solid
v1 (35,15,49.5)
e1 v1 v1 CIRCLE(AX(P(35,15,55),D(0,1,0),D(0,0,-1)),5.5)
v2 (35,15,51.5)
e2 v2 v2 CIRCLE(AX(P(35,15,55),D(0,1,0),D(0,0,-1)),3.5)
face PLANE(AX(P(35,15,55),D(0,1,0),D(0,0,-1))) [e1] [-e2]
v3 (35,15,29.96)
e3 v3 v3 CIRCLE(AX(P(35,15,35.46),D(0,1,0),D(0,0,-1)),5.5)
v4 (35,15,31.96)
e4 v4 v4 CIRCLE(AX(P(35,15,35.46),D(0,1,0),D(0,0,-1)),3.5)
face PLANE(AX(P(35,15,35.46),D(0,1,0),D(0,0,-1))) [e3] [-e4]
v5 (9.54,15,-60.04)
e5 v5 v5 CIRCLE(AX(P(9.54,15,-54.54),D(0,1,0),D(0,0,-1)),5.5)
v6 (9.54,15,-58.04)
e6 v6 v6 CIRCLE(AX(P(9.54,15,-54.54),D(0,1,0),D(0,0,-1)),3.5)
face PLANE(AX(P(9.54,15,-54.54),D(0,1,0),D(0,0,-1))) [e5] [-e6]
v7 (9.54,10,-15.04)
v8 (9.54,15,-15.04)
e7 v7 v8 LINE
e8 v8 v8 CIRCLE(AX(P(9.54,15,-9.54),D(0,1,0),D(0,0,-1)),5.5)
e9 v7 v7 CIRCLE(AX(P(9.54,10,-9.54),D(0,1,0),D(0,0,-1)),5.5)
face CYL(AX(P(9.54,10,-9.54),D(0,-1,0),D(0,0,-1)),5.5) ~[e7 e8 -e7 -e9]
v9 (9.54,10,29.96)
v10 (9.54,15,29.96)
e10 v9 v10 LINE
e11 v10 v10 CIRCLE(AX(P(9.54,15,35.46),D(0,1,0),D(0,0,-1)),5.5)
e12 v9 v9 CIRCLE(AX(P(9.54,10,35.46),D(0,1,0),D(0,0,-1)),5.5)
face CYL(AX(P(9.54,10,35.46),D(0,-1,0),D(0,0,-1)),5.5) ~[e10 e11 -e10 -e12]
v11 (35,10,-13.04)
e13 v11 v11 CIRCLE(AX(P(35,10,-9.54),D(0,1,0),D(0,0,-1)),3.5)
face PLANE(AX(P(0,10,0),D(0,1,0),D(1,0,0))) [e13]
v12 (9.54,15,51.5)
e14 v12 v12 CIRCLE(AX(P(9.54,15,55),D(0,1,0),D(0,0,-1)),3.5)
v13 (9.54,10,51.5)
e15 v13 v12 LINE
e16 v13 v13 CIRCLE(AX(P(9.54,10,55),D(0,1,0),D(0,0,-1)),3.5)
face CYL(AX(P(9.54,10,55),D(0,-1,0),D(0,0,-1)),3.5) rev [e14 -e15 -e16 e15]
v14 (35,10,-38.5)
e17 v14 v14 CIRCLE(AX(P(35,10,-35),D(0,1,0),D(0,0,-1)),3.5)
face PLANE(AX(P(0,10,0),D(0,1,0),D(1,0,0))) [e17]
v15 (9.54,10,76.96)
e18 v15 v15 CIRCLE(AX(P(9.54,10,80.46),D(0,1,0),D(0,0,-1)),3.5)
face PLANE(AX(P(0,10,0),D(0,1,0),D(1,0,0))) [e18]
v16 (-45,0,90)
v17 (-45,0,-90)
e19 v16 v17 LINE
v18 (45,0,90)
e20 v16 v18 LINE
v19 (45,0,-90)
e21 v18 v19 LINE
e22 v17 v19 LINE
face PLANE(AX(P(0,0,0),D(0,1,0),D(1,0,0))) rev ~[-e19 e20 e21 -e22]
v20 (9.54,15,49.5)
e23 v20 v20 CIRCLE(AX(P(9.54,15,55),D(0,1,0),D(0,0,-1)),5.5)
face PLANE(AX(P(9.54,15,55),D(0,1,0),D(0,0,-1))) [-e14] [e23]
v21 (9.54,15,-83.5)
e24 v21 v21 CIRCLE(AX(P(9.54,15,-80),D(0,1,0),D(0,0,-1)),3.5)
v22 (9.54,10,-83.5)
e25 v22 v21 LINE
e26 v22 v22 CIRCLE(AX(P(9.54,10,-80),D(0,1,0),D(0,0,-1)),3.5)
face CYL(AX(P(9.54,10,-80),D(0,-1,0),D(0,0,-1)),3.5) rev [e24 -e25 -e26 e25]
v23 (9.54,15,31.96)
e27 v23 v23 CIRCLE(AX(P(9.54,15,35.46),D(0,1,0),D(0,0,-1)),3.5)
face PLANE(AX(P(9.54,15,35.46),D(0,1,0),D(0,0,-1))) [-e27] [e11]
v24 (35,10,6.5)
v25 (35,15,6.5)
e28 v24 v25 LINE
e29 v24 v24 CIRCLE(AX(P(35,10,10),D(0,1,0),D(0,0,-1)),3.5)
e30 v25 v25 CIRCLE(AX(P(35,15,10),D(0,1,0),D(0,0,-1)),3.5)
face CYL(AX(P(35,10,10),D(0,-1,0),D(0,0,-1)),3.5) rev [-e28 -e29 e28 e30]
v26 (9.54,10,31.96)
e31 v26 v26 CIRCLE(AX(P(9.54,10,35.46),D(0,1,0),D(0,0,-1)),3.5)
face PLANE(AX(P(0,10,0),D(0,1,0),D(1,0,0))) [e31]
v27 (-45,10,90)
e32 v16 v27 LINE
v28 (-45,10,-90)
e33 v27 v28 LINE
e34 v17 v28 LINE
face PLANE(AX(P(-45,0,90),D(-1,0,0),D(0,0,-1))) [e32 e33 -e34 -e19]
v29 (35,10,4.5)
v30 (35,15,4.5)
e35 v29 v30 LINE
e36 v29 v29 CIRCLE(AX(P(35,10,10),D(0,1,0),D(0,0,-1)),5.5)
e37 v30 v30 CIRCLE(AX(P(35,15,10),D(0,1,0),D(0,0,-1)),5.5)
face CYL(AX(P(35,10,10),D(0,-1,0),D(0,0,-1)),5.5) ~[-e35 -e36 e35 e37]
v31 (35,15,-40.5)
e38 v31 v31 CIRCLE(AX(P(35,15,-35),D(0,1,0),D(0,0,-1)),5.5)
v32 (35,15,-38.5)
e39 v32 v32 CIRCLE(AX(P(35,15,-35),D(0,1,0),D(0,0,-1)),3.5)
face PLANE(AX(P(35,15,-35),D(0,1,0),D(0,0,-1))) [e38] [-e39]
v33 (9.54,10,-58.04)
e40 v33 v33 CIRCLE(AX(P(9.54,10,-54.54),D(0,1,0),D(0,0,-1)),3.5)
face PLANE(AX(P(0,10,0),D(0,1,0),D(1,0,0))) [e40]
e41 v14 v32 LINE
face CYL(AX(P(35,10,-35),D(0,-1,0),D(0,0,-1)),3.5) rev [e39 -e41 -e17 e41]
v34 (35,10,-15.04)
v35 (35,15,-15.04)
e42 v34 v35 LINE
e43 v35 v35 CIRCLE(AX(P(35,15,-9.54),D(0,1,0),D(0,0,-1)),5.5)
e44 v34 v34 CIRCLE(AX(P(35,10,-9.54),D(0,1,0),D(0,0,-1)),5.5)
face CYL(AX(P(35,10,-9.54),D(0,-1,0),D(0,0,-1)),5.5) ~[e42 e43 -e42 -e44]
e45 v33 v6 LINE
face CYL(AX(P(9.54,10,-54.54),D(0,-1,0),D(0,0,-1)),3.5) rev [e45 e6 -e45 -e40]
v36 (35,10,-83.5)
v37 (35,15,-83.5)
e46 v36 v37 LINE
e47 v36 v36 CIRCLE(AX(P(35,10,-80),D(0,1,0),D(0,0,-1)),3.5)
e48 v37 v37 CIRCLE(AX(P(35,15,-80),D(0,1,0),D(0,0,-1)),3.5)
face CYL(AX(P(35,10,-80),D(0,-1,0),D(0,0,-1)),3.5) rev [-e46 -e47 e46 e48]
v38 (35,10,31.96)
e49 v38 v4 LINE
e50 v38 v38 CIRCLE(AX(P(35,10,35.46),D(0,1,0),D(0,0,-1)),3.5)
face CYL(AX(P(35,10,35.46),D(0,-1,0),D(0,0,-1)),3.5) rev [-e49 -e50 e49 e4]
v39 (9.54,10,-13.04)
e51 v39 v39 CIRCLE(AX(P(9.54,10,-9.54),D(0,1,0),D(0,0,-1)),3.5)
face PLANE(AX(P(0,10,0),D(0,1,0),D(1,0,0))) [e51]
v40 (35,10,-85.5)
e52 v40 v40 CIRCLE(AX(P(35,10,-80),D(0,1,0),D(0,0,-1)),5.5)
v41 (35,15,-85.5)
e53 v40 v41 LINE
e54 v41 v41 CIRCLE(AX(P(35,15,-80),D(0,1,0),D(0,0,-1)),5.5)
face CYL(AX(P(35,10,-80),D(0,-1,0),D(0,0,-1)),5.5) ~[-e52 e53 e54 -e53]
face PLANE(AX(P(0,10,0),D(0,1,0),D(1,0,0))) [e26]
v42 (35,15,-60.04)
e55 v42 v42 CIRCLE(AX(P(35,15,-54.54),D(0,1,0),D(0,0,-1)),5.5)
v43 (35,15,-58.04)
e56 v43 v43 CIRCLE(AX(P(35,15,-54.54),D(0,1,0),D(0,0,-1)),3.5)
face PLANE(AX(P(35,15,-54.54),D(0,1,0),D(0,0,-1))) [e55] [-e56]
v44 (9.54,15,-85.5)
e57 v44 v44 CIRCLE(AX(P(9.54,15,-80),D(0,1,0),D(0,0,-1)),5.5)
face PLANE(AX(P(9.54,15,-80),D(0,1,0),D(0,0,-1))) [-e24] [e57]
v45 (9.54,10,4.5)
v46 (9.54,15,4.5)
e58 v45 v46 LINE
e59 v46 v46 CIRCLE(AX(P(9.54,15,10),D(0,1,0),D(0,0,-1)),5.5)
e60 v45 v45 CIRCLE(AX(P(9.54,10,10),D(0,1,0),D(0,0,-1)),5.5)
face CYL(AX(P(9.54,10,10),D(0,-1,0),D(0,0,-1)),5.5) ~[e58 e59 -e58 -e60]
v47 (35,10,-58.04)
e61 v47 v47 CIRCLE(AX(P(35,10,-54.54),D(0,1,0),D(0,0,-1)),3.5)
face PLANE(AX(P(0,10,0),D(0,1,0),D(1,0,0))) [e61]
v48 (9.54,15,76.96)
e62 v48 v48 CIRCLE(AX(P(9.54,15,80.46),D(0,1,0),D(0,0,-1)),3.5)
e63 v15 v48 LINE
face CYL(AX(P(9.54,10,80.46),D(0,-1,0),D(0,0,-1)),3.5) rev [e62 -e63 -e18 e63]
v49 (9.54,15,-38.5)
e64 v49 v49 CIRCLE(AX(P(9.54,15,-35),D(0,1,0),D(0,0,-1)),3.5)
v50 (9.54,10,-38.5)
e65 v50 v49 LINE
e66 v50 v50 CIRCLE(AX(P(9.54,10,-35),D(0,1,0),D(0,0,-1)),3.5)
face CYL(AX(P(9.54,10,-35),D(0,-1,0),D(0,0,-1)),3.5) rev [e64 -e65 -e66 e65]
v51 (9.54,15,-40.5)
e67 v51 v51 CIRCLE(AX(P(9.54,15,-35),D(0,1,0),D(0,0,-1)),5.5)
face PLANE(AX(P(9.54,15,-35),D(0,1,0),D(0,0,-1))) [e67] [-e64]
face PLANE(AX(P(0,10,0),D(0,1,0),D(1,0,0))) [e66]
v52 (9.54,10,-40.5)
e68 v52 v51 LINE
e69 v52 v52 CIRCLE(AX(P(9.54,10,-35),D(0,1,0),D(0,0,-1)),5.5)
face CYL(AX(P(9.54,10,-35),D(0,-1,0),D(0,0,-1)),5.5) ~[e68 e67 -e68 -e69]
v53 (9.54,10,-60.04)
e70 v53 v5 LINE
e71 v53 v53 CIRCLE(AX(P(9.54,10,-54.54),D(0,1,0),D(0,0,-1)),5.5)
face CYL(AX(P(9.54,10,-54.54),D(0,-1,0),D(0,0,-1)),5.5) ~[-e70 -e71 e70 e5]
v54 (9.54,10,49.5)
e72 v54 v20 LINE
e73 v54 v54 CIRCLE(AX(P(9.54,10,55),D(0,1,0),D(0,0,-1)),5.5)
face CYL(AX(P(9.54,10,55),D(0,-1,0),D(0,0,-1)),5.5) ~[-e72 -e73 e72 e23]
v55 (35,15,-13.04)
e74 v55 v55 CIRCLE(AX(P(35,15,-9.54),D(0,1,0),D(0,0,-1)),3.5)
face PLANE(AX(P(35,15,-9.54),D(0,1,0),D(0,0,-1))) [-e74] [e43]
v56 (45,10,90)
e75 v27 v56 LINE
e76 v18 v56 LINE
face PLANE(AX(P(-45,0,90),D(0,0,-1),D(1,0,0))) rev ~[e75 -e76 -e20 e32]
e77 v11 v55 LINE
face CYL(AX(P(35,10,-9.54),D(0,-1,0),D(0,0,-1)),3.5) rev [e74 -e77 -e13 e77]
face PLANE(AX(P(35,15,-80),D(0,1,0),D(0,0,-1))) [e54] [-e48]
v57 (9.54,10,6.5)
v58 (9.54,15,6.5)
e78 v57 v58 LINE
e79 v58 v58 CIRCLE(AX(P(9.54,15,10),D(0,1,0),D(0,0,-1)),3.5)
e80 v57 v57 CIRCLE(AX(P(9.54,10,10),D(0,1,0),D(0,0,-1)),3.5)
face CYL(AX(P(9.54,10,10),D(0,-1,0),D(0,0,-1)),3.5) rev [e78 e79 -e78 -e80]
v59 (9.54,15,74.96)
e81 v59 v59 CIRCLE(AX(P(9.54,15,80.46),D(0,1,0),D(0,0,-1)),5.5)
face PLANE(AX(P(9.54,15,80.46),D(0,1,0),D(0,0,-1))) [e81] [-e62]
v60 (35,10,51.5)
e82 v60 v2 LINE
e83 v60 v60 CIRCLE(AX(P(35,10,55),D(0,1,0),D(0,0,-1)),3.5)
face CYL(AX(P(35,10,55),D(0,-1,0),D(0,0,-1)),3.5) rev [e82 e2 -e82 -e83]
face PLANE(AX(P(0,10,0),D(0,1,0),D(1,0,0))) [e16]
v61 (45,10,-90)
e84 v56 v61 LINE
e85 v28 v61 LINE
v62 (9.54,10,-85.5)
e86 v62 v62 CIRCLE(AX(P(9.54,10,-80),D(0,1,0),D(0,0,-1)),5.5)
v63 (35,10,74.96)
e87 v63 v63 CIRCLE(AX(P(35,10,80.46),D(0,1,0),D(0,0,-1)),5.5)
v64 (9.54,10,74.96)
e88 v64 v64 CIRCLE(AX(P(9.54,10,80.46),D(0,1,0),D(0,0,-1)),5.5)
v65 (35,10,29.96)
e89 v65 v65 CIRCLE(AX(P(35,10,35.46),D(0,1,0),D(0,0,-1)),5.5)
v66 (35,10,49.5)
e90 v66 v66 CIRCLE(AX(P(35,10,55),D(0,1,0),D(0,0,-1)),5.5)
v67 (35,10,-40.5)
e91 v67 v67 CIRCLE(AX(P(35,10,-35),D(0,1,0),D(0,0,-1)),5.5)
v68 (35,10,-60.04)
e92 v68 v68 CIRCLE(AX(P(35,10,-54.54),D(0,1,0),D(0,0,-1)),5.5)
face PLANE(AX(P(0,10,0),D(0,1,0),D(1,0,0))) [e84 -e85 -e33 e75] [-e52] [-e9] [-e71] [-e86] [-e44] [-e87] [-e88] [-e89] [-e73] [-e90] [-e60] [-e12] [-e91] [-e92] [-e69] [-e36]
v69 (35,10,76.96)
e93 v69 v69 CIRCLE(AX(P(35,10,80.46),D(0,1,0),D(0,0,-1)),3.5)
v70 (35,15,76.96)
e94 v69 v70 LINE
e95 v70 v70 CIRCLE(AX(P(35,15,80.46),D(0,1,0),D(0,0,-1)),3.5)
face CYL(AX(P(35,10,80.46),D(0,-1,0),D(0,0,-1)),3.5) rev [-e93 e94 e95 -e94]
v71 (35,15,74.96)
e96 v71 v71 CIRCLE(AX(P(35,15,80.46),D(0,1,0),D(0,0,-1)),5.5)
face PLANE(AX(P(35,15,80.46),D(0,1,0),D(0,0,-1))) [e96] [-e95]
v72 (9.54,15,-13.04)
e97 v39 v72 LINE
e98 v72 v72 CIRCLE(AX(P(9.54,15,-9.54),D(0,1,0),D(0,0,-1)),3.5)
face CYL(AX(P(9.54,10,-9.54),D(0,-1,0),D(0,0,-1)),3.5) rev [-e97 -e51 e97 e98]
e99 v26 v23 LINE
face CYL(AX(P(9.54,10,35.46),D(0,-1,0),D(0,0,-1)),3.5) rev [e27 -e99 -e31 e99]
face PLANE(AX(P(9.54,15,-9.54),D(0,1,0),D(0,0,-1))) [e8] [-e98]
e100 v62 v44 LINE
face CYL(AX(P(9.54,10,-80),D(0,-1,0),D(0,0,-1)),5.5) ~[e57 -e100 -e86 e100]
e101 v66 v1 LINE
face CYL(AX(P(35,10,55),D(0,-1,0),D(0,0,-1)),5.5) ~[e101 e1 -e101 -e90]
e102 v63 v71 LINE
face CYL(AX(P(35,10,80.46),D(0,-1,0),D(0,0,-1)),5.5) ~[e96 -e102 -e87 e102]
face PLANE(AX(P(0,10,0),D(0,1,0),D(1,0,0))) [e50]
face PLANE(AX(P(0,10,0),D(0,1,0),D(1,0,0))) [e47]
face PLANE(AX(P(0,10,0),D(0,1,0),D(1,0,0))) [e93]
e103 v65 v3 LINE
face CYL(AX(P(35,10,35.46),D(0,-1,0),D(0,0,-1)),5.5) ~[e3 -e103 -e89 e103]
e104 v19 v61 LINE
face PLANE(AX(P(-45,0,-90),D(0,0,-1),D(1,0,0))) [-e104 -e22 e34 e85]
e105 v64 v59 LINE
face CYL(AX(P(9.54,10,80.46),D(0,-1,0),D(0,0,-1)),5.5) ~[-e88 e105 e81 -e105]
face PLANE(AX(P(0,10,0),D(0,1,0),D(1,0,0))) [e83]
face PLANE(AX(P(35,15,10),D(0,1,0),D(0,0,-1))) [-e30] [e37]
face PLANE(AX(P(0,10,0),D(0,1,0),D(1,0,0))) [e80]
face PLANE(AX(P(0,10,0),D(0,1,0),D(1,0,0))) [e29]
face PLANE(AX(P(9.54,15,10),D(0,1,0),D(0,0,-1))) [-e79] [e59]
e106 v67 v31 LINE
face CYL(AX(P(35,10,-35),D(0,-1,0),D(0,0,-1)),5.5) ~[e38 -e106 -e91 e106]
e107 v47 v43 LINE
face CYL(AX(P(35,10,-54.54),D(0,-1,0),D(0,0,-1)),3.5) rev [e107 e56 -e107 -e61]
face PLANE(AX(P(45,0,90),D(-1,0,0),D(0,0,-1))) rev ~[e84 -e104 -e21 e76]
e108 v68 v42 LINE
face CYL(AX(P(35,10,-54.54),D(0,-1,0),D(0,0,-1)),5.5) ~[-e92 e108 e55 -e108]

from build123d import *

# Parameters (mm, degrees)
SKETCH2_W           = 90
SKETCH2_H           = 180
BOSS_EXTRUDE1_DEPTH = 10
BOSS_EXTRUDE2_START = 10
SKETCH2_3_R         = 5.5
SKETCH2_3_R_2       = 3.5
BOSS_EXTRUDE2_DEPTH = 5


with BuildPart() as part:
    # Sketch2 → Boss-Extrude1 (new body)
    with BuildSketch(Plane(origin=(0, 0, 0), x_dir=(1, 0, 0), z_dir=(0, 1, 0))):
        Rectangle(SKETCH2_W, SKETCH2_H)
    extrude(amount=BOSS_EXTRUDE1_DEPTH)

    # Sketch2<3> → Boss-Extrude2 (add)
    # profile 1 of 16: a face of its own
    with BuildSketch(Plane(origin=(0, 0, 0), x_dir=(1, 0, 0), z_dir=(0, 1, 0)).offset(BOSS_EXTRUDE2_START)):
        with Locations(Location((9.54, -80.46, 0), (0, 0, 90))):
            Circle(SKETCH2_3_R)
        with Locations(Location((9.54, -80.46, 0), (0, 0, 90))):
            Circle(SKETCH2_3_R_2, mode=Mode.SUBTRACT)
    # profile 2 of 16: a face of its own
    with BuildSketch(Plane(origin=(0, 0, 0), x_dir=(1, 0, 0), z_dir=(0, 1, 0)).offset(BOSS_EXTRUDE2_START)):
        with Locations(Location((35, -80.46, 0), (0, 0, 90))):
            Circle(SKETCH2_3_R)
        with Locations(Location((35, -80.46, 0), (0, 0, 90))):
            Circle(SKETCH2_3_R_2, mode=Mode.SUBTRACT)
    # profile 3 of 16: a face of its own
    with BuildSketch(Plane(origin=(0, 0, 0), x_dir=(1, 0, 0), z_dir=(0, 1, 0)).offset(BOSS_EXTRUDE2_START)):
        with Locations(Location((9.54, -55, 0), (0, 0, 90))):
            Circle(SKETCH2_3_R)
        with Locations(Location((9.54, -55, 0), (0, 0, 90))):
            Circle(SKETCH2_3_R_2, mode=Mode.SUBTRACT)
    # profile 4 of 16: a face of its own
    with BuildSketch(Plane(origin=(0, 0, 0), x_dir=(1, 0, 0), z_dir=(0, 1, 0)).offset(BOSS_EXTRUDE2_START)):
        with Locations(Location((35, -55, 0), (0, 0, 90))):
            Circle(SKETCH2_3_R)
        with Locations(Location((35, -55, 0), (0, 0, 90))):
            Circle(SKETCH2_3_R_2, mode=Mode.SUBTRACT)
    # profile 5 of 16: a face of its own
    with BuildSketch(Plane(origin=(0, 0, 0), x_dir=(1, 0, 0), z_dir=(0, 1, 0)).offset(BOSS_EXTRUDE2_START)):
        with Locations(Location((9.54, -35.46, 0), (0, 0, 90))):
            Circle(SKETCH2_3_R)
        with Locations(Location((9.54, -35.46, 0), (0, 0, 90))):
            Circle(SKETCH2_3_R_2, mode=Mode.SUBTRACT)
    # profile 6 of 16: a face of its own
    with BuildSketch(Plane(origin=(0, 0, 0), x_dir=(1, 0, 0), z_dir=(0, 1, 0)).offset(BOSS_EXTRUDE2_START)):
        with Locations(Location((35, -35.46, 0), (0, 0, 90))):
            Circle(SKETCH2_3_R)
        with Locations(Location((35, -35.46, 0), (0, 0, 90))):
            Circle(SKETCH2_3_R_2, mode=Mode.SUBTRACT)
    # profile 7 of 16: a face of its own
    with BuildSketch(Plane(origin=(0, 0, 0), x_dir=(1, 0, 0), z_dir=(0, 1, 0)).offset(BOSS_EXTRUDE2_START)):
        with Locations(Location((9.54, -10, 0), (0, 0, 90))):
            Circle(SKETCH2_3_R)
        with Locations(Location((9.54, -10, 0), (0, 0, 90))):
            Circle(SKETCH2_3_R_2, mode=Mode.SUBTRACT)
    # profile 8 of 16: a face of its own
    with BuildSketch(Plane(origin=(0, 0, 0), x_dir=(1, 0, 0), z_dir=(0, 1, 0)).offset(BOSS_EXTRUDE2_START)):
        with Locations(Location((35, -10, 0), (0, 0, 90))):
            Circle(SKETCH2_3_R)
        with Locations(Location((35, -10, 0), (0, 0, 90))):
            Circle(SKETCH2_3_R_2, mode=Mode.SUBTRACT)
    # profile 9 of 16: a face of its own
    with BuildSketch(Plane(origin=(0, 0, 0), x_dir=(1, 0, 0), z_dir=(0, 1, 0)).offset(BOSS_EXTRUDE2_START)):
        with Locations(Location((9.54, 9.54, 0), (0, 0, 90))):
            Circle(SKETCH2_3_R)
        with Locations(Location((9.54, 9.54, 0), (0, 0, 90))):
            Circle(SKETCH2_3_R_2, mode=Mode.SUBTRACT)
    # profile 10 of 16: a face of its own
    with BuildSketch(Plane(origin=(0, 0, 0), x_dir=(1, 0, 0), z_dir=(0, 1, 0)).offset(BOSS_EXTRUDE2_START)):
        with Locations(Location((35, 9.54, 0), (0, 0, 90))):
            Circle(SKETCH2_3_R)
        with Locations(Location((35, 9.54, 0), (0, 0, 90))):
            Circle(SKETCH2_3_R_2, mode=Mode.SUBTRACT)
    # profile 11 of 16: a face of its own
    with BuildSketch(Plane(origin=(0, 0, 0), x_dir=(1, 0, 0), z_dir=(0, 1, 0)).offset(BOSS_EXTRUDE2_START)):
        with Locations(Location((9.54, 35, 0), (0, 0, 90))):
            Circle(SKETCH2_3_R)
        with Locations(Location((9.54, 35, 0), (0, 0, 90))):
            Circle(SKETCH2_3_R_2, mode=Mode.SUBTRACT)
    # profile 12 of 16: a face of its own
    with BuildSketch(Plane(origin=(0, 0, 0), x_dir=(1, 0, 0), z_dir=(0, 1, 0)).offset(BOSS_EXTRUDE2_START)):
        with Locations(Location((35, 35, 0), (0, 0, 90))):
            Circle(SKETCH2_3_R)
        with Locations(Location((35, 35, 0), (0, 0, 90))):
            Circle(SKETCH2_3_R_2, mode=Mode.SUBTRACT)
    # profile 13 of 16: a face of its own
    with BuildSketch(Plane(origin=(0, 0, 0), x_dir=(1, 0, 0), z_dir=(0, 1, 0)).offset(BOSS_EXTRUDE2_START)):
        with Locations(Location((9.54, 54.54, 0), (0, 0, 90))):
            Circle(SKETCH2_3_R)
        with Locations(Location((9.54, 54.54, 0), (0, 0, 90))):
            Circle(SKETCH2_3_R_2, mode=Mode.SUBTRACT)
    # profile 14 of 16: a face of its own
    with BuildSketch(Plane(origin=(0, 0, 0), x_dir=(1, 0, 0), z_dir=(0, 1, 0)).offset(BOSS_EXTRUDE2_START)):
        with Locations(Location((35, 54.54, 0), (0, 0, 90))):
            Circle(SKETCH2_3_R)
        with Locations(Location((35, 54.54, 0), (0, 0, 90))):
            Circle(SKETCH2_3_R_2, mode=Mode.SUBTRACT)
    # profile 15 of 16: a face of its own
    with BuildSketch(Plane(origin=(0, 0, 0), x_dir=(1, 0, 0), z_dir=(0, 1, 0)).offset(BOSS_EXTRUDE2_START)):
        with Locations(Location((9.54, 80, 0), (0, 0, 90))):
            Circle(SKETCH2_3_R)
        with Locations(Location((9.54, 80, 0), (0, 0, 90))):
            Circle(SKETCH2_3_R_2, mode=Mode.SUBTRACT)
    # profile 16 of 16: a face of its own
    with BuildSketch(Plane(origin=(0, 0, 0), x_dir=(1, 0, 0), z_dir=(0, 1, 0)).offset(BOSS_EXTRUDE2_START)):
        with Locations(Location((35, 80, 0), (0, 0, 90))):
            Circle(SKETCH2_3_R)
        with Locations(Location((35, 80, 0), (0, 0, 90))):
            Circle(SKETCH2_3_R_2, mode=Mode.SUBTRACT)
    extrude(amount=BOSS_EXTRUDE2_DEPTH)


solid = part.part
